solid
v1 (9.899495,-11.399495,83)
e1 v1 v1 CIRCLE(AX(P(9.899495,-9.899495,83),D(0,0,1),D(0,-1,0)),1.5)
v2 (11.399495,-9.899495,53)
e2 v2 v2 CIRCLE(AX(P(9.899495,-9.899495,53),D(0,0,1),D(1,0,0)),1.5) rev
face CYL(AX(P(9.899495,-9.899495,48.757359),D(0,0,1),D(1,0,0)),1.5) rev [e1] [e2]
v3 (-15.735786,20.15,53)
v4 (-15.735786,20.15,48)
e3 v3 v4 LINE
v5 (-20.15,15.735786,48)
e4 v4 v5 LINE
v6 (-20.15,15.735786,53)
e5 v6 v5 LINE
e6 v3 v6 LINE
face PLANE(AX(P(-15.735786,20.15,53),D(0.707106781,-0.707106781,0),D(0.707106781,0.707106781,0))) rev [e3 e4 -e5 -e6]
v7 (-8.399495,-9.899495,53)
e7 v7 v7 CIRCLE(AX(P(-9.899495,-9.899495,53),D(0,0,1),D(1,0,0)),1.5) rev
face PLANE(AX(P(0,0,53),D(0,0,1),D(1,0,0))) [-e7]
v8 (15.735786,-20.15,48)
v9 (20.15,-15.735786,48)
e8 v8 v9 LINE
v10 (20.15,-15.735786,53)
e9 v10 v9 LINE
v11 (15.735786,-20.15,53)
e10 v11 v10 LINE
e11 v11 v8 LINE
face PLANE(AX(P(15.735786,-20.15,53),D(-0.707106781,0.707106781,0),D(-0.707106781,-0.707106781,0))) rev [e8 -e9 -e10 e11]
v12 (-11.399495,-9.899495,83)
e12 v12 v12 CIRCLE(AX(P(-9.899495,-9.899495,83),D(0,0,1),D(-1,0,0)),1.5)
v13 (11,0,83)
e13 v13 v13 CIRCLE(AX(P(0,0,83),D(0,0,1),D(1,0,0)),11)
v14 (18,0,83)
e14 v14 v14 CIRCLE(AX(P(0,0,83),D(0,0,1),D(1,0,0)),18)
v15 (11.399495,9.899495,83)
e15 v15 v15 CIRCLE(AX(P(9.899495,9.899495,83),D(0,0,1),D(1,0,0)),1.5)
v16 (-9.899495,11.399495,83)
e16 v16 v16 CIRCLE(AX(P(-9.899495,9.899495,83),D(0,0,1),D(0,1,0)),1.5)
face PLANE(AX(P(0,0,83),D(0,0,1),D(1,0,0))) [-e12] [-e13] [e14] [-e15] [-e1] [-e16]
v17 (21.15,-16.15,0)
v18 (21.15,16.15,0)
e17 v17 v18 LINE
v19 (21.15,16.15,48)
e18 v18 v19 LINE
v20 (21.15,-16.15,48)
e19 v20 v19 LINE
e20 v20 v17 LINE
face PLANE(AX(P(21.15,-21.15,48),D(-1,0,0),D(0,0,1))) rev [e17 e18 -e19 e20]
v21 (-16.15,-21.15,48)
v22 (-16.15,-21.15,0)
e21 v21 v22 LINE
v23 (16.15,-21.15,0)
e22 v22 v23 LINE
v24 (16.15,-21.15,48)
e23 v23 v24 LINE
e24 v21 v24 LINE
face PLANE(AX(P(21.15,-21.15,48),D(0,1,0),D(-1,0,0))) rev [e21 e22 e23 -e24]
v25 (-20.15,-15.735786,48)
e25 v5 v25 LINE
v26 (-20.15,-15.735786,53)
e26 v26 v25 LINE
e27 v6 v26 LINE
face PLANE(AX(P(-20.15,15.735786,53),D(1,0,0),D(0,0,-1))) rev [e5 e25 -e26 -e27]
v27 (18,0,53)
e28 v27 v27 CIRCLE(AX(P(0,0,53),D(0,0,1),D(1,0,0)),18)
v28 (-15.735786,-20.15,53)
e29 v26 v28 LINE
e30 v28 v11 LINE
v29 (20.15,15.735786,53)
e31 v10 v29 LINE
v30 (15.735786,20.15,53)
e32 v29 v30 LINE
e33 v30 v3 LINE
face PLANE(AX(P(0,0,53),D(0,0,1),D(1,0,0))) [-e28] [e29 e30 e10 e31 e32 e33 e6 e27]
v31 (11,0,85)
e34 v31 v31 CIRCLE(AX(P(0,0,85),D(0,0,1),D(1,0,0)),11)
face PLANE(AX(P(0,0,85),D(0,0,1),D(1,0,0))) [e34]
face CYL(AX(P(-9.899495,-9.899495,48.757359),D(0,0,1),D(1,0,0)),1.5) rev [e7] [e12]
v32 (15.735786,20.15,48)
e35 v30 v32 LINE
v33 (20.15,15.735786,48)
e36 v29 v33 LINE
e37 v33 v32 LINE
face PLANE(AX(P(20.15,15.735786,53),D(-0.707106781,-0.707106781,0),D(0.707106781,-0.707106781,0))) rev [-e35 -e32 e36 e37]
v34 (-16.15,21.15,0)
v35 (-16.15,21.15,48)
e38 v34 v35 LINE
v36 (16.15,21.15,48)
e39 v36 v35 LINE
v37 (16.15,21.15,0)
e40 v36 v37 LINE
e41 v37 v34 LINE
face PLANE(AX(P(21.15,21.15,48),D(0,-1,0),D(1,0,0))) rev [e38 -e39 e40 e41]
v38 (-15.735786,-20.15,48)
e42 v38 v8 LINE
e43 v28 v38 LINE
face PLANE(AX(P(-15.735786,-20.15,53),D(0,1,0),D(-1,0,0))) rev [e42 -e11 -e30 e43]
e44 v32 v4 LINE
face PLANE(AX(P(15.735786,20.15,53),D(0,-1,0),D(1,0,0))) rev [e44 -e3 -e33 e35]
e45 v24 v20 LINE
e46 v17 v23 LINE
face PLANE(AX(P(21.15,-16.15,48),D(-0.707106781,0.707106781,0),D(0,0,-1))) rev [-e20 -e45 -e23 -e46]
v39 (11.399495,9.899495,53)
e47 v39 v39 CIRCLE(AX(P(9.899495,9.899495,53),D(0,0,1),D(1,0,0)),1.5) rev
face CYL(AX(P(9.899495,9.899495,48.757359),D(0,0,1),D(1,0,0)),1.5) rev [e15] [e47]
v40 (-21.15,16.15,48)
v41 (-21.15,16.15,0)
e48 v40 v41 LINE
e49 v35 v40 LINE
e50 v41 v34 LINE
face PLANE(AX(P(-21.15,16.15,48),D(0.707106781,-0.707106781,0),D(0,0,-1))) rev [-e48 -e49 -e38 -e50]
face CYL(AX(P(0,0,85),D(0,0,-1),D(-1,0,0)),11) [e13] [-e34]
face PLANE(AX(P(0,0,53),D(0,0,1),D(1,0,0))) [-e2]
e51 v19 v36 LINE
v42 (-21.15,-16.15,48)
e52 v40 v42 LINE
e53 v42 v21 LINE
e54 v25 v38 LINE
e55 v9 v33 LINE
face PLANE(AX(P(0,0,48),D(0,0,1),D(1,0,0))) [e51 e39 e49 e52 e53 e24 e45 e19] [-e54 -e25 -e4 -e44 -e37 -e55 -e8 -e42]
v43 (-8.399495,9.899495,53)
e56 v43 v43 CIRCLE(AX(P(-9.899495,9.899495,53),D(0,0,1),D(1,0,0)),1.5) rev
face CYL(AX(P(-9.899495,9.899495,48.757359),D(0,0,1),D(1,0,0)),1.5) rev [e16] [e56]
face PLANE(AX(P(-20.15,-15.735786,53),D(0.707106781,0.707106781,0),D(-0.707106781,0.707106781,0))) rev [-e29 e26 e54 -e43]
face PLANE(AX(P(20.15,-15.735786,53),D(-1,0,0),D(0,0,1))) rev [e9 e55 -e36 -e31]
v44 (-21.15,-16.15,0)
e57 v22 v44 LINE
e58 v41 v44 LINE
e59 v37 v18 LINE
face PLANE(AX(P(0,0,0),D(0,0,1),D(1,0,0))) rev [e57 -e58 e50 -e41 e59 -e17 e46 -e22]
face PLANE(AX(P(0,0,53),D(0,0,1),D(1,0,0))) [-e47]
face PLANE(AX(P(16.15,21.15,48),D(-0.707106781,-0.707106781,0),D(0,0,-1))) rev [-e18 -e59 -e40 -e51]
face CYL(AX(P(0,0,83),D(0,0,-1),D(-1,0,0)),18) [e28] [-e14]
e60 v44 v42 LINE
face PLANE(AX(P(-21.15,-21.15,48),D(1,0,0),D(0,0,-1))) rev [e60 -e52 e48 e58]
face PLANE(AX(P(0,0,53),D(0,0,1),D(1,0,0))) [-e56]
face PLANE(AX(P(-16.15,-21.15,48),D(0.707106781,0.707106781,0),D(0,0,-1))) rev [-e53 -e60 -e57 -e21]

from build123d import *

# Parameters (mm, degrees)
SCHIZZO1_W                   = 42.3
SCHIZZO1_H                   = 42.3
ESTRUSIONE_ESTRUSIONE1_DEPTH = 48
SMUSSO1_SIZE                 = 5
ESTRUSIONE_ESTRUSIONE2_DEPTH = 5
SCHIZZO3_R                   = 18
ESTRUSIONE_ESTRUSIONE3_DEPTH = 30
SCHIZZO4_R                   = 11
ESTRUSIONE_ESTRUSIONE4_DEPTH = 2
SCHIZZO7_R                   = 1.5
TAGLIO_ESTRUSIONE2_DEPTH     = 30
RIPETIZIONECIRCOLARE1_COUNT  = 4


with BuildPart() as part:
    # Schizzo1 → Estrusione-Estrusione1 (new body)
    with BuildSketch(Plane.XY):
        Rectangle(SCHIZZO1_W, SCHIZZO1_H)
    extrude(amount=ESTRUSIONE_ESTRUSIONE1_DEPTH)

    # Smusso1
    smusso1_edges = [part.edges().sort_by_distance(p)[0] for p in [
        (-21.15, 21.15, 24),
        (21.15, 21.15, 24),
        (21.15, -21.15, 24),
        (-21.15, -21.15, 24),
    ]]
    chamfer(smusso1_edges, length=SMUSSO1_SIZE)

    # Schizzo2 → Estrusione-Estrusione2 (add)
    with BuildSketch(Plane.XY.offset(48)):
        Polygon((-20.15, 15.735786438), (-20.15, -15.735786438), (-15.735786438, -20.15), (15.735786438, -20.15), (20.15, -15.735786438), (20.15, 15.735786438), (15.735786438, 20.15), (-15.735786438, 20.15), align=None)
    extrude(amount=ESTRUSIONE_ESTRUSIONE2_DEPTH)

    # Schizzo3 → Estrusione-Estrusione3 (add)
    with BuildSketch(Plane.XY.offset(53)):
        Circle(SCHIZZO3_R)
    extrude(amount=ESTRUSIONE_ESTRUSIONE3_DEPTH)

    # Schizzo4 → Estrusione-Estrusione4 (add)
    with BuildSketch(Plane.XY.offset(83)):
        Circle(SCHIZZO4_R)
    extrude(amount=ESTRUSIONE_ESTRUSIONE4_DEPTH)

    # Schizzo7 → Taglio-Estrusione2 (cut)
    with BuildSketch(Plane.XY.offset(83)):
        with Locations((9.899494937, 9.899494937)):
            Circle(SCHIZZO7_R)
    taglio_estrusione2 = extrude(amount=-TAGLIO_ESTRUSIONE2_DEPTH, mode=Mode.SUBTRACT)

    # RipetizioneCircolare1: Taglio-Estrusione2 ×4 about axis
    ripetizionecircolare1_axis = Axis((0, 0, 0), (0, 0, 1))
    for i in range(1, RIPETIZIONECIRCOLARE1_COUNT):
        add(taglio_estrusione2.rotate(ripetizionecircolare1_axis, i * 360 / RIPETIZIONECIRCOLARE1_COUNT), mode=Mode.SUBTRACT)


solid = part.part
